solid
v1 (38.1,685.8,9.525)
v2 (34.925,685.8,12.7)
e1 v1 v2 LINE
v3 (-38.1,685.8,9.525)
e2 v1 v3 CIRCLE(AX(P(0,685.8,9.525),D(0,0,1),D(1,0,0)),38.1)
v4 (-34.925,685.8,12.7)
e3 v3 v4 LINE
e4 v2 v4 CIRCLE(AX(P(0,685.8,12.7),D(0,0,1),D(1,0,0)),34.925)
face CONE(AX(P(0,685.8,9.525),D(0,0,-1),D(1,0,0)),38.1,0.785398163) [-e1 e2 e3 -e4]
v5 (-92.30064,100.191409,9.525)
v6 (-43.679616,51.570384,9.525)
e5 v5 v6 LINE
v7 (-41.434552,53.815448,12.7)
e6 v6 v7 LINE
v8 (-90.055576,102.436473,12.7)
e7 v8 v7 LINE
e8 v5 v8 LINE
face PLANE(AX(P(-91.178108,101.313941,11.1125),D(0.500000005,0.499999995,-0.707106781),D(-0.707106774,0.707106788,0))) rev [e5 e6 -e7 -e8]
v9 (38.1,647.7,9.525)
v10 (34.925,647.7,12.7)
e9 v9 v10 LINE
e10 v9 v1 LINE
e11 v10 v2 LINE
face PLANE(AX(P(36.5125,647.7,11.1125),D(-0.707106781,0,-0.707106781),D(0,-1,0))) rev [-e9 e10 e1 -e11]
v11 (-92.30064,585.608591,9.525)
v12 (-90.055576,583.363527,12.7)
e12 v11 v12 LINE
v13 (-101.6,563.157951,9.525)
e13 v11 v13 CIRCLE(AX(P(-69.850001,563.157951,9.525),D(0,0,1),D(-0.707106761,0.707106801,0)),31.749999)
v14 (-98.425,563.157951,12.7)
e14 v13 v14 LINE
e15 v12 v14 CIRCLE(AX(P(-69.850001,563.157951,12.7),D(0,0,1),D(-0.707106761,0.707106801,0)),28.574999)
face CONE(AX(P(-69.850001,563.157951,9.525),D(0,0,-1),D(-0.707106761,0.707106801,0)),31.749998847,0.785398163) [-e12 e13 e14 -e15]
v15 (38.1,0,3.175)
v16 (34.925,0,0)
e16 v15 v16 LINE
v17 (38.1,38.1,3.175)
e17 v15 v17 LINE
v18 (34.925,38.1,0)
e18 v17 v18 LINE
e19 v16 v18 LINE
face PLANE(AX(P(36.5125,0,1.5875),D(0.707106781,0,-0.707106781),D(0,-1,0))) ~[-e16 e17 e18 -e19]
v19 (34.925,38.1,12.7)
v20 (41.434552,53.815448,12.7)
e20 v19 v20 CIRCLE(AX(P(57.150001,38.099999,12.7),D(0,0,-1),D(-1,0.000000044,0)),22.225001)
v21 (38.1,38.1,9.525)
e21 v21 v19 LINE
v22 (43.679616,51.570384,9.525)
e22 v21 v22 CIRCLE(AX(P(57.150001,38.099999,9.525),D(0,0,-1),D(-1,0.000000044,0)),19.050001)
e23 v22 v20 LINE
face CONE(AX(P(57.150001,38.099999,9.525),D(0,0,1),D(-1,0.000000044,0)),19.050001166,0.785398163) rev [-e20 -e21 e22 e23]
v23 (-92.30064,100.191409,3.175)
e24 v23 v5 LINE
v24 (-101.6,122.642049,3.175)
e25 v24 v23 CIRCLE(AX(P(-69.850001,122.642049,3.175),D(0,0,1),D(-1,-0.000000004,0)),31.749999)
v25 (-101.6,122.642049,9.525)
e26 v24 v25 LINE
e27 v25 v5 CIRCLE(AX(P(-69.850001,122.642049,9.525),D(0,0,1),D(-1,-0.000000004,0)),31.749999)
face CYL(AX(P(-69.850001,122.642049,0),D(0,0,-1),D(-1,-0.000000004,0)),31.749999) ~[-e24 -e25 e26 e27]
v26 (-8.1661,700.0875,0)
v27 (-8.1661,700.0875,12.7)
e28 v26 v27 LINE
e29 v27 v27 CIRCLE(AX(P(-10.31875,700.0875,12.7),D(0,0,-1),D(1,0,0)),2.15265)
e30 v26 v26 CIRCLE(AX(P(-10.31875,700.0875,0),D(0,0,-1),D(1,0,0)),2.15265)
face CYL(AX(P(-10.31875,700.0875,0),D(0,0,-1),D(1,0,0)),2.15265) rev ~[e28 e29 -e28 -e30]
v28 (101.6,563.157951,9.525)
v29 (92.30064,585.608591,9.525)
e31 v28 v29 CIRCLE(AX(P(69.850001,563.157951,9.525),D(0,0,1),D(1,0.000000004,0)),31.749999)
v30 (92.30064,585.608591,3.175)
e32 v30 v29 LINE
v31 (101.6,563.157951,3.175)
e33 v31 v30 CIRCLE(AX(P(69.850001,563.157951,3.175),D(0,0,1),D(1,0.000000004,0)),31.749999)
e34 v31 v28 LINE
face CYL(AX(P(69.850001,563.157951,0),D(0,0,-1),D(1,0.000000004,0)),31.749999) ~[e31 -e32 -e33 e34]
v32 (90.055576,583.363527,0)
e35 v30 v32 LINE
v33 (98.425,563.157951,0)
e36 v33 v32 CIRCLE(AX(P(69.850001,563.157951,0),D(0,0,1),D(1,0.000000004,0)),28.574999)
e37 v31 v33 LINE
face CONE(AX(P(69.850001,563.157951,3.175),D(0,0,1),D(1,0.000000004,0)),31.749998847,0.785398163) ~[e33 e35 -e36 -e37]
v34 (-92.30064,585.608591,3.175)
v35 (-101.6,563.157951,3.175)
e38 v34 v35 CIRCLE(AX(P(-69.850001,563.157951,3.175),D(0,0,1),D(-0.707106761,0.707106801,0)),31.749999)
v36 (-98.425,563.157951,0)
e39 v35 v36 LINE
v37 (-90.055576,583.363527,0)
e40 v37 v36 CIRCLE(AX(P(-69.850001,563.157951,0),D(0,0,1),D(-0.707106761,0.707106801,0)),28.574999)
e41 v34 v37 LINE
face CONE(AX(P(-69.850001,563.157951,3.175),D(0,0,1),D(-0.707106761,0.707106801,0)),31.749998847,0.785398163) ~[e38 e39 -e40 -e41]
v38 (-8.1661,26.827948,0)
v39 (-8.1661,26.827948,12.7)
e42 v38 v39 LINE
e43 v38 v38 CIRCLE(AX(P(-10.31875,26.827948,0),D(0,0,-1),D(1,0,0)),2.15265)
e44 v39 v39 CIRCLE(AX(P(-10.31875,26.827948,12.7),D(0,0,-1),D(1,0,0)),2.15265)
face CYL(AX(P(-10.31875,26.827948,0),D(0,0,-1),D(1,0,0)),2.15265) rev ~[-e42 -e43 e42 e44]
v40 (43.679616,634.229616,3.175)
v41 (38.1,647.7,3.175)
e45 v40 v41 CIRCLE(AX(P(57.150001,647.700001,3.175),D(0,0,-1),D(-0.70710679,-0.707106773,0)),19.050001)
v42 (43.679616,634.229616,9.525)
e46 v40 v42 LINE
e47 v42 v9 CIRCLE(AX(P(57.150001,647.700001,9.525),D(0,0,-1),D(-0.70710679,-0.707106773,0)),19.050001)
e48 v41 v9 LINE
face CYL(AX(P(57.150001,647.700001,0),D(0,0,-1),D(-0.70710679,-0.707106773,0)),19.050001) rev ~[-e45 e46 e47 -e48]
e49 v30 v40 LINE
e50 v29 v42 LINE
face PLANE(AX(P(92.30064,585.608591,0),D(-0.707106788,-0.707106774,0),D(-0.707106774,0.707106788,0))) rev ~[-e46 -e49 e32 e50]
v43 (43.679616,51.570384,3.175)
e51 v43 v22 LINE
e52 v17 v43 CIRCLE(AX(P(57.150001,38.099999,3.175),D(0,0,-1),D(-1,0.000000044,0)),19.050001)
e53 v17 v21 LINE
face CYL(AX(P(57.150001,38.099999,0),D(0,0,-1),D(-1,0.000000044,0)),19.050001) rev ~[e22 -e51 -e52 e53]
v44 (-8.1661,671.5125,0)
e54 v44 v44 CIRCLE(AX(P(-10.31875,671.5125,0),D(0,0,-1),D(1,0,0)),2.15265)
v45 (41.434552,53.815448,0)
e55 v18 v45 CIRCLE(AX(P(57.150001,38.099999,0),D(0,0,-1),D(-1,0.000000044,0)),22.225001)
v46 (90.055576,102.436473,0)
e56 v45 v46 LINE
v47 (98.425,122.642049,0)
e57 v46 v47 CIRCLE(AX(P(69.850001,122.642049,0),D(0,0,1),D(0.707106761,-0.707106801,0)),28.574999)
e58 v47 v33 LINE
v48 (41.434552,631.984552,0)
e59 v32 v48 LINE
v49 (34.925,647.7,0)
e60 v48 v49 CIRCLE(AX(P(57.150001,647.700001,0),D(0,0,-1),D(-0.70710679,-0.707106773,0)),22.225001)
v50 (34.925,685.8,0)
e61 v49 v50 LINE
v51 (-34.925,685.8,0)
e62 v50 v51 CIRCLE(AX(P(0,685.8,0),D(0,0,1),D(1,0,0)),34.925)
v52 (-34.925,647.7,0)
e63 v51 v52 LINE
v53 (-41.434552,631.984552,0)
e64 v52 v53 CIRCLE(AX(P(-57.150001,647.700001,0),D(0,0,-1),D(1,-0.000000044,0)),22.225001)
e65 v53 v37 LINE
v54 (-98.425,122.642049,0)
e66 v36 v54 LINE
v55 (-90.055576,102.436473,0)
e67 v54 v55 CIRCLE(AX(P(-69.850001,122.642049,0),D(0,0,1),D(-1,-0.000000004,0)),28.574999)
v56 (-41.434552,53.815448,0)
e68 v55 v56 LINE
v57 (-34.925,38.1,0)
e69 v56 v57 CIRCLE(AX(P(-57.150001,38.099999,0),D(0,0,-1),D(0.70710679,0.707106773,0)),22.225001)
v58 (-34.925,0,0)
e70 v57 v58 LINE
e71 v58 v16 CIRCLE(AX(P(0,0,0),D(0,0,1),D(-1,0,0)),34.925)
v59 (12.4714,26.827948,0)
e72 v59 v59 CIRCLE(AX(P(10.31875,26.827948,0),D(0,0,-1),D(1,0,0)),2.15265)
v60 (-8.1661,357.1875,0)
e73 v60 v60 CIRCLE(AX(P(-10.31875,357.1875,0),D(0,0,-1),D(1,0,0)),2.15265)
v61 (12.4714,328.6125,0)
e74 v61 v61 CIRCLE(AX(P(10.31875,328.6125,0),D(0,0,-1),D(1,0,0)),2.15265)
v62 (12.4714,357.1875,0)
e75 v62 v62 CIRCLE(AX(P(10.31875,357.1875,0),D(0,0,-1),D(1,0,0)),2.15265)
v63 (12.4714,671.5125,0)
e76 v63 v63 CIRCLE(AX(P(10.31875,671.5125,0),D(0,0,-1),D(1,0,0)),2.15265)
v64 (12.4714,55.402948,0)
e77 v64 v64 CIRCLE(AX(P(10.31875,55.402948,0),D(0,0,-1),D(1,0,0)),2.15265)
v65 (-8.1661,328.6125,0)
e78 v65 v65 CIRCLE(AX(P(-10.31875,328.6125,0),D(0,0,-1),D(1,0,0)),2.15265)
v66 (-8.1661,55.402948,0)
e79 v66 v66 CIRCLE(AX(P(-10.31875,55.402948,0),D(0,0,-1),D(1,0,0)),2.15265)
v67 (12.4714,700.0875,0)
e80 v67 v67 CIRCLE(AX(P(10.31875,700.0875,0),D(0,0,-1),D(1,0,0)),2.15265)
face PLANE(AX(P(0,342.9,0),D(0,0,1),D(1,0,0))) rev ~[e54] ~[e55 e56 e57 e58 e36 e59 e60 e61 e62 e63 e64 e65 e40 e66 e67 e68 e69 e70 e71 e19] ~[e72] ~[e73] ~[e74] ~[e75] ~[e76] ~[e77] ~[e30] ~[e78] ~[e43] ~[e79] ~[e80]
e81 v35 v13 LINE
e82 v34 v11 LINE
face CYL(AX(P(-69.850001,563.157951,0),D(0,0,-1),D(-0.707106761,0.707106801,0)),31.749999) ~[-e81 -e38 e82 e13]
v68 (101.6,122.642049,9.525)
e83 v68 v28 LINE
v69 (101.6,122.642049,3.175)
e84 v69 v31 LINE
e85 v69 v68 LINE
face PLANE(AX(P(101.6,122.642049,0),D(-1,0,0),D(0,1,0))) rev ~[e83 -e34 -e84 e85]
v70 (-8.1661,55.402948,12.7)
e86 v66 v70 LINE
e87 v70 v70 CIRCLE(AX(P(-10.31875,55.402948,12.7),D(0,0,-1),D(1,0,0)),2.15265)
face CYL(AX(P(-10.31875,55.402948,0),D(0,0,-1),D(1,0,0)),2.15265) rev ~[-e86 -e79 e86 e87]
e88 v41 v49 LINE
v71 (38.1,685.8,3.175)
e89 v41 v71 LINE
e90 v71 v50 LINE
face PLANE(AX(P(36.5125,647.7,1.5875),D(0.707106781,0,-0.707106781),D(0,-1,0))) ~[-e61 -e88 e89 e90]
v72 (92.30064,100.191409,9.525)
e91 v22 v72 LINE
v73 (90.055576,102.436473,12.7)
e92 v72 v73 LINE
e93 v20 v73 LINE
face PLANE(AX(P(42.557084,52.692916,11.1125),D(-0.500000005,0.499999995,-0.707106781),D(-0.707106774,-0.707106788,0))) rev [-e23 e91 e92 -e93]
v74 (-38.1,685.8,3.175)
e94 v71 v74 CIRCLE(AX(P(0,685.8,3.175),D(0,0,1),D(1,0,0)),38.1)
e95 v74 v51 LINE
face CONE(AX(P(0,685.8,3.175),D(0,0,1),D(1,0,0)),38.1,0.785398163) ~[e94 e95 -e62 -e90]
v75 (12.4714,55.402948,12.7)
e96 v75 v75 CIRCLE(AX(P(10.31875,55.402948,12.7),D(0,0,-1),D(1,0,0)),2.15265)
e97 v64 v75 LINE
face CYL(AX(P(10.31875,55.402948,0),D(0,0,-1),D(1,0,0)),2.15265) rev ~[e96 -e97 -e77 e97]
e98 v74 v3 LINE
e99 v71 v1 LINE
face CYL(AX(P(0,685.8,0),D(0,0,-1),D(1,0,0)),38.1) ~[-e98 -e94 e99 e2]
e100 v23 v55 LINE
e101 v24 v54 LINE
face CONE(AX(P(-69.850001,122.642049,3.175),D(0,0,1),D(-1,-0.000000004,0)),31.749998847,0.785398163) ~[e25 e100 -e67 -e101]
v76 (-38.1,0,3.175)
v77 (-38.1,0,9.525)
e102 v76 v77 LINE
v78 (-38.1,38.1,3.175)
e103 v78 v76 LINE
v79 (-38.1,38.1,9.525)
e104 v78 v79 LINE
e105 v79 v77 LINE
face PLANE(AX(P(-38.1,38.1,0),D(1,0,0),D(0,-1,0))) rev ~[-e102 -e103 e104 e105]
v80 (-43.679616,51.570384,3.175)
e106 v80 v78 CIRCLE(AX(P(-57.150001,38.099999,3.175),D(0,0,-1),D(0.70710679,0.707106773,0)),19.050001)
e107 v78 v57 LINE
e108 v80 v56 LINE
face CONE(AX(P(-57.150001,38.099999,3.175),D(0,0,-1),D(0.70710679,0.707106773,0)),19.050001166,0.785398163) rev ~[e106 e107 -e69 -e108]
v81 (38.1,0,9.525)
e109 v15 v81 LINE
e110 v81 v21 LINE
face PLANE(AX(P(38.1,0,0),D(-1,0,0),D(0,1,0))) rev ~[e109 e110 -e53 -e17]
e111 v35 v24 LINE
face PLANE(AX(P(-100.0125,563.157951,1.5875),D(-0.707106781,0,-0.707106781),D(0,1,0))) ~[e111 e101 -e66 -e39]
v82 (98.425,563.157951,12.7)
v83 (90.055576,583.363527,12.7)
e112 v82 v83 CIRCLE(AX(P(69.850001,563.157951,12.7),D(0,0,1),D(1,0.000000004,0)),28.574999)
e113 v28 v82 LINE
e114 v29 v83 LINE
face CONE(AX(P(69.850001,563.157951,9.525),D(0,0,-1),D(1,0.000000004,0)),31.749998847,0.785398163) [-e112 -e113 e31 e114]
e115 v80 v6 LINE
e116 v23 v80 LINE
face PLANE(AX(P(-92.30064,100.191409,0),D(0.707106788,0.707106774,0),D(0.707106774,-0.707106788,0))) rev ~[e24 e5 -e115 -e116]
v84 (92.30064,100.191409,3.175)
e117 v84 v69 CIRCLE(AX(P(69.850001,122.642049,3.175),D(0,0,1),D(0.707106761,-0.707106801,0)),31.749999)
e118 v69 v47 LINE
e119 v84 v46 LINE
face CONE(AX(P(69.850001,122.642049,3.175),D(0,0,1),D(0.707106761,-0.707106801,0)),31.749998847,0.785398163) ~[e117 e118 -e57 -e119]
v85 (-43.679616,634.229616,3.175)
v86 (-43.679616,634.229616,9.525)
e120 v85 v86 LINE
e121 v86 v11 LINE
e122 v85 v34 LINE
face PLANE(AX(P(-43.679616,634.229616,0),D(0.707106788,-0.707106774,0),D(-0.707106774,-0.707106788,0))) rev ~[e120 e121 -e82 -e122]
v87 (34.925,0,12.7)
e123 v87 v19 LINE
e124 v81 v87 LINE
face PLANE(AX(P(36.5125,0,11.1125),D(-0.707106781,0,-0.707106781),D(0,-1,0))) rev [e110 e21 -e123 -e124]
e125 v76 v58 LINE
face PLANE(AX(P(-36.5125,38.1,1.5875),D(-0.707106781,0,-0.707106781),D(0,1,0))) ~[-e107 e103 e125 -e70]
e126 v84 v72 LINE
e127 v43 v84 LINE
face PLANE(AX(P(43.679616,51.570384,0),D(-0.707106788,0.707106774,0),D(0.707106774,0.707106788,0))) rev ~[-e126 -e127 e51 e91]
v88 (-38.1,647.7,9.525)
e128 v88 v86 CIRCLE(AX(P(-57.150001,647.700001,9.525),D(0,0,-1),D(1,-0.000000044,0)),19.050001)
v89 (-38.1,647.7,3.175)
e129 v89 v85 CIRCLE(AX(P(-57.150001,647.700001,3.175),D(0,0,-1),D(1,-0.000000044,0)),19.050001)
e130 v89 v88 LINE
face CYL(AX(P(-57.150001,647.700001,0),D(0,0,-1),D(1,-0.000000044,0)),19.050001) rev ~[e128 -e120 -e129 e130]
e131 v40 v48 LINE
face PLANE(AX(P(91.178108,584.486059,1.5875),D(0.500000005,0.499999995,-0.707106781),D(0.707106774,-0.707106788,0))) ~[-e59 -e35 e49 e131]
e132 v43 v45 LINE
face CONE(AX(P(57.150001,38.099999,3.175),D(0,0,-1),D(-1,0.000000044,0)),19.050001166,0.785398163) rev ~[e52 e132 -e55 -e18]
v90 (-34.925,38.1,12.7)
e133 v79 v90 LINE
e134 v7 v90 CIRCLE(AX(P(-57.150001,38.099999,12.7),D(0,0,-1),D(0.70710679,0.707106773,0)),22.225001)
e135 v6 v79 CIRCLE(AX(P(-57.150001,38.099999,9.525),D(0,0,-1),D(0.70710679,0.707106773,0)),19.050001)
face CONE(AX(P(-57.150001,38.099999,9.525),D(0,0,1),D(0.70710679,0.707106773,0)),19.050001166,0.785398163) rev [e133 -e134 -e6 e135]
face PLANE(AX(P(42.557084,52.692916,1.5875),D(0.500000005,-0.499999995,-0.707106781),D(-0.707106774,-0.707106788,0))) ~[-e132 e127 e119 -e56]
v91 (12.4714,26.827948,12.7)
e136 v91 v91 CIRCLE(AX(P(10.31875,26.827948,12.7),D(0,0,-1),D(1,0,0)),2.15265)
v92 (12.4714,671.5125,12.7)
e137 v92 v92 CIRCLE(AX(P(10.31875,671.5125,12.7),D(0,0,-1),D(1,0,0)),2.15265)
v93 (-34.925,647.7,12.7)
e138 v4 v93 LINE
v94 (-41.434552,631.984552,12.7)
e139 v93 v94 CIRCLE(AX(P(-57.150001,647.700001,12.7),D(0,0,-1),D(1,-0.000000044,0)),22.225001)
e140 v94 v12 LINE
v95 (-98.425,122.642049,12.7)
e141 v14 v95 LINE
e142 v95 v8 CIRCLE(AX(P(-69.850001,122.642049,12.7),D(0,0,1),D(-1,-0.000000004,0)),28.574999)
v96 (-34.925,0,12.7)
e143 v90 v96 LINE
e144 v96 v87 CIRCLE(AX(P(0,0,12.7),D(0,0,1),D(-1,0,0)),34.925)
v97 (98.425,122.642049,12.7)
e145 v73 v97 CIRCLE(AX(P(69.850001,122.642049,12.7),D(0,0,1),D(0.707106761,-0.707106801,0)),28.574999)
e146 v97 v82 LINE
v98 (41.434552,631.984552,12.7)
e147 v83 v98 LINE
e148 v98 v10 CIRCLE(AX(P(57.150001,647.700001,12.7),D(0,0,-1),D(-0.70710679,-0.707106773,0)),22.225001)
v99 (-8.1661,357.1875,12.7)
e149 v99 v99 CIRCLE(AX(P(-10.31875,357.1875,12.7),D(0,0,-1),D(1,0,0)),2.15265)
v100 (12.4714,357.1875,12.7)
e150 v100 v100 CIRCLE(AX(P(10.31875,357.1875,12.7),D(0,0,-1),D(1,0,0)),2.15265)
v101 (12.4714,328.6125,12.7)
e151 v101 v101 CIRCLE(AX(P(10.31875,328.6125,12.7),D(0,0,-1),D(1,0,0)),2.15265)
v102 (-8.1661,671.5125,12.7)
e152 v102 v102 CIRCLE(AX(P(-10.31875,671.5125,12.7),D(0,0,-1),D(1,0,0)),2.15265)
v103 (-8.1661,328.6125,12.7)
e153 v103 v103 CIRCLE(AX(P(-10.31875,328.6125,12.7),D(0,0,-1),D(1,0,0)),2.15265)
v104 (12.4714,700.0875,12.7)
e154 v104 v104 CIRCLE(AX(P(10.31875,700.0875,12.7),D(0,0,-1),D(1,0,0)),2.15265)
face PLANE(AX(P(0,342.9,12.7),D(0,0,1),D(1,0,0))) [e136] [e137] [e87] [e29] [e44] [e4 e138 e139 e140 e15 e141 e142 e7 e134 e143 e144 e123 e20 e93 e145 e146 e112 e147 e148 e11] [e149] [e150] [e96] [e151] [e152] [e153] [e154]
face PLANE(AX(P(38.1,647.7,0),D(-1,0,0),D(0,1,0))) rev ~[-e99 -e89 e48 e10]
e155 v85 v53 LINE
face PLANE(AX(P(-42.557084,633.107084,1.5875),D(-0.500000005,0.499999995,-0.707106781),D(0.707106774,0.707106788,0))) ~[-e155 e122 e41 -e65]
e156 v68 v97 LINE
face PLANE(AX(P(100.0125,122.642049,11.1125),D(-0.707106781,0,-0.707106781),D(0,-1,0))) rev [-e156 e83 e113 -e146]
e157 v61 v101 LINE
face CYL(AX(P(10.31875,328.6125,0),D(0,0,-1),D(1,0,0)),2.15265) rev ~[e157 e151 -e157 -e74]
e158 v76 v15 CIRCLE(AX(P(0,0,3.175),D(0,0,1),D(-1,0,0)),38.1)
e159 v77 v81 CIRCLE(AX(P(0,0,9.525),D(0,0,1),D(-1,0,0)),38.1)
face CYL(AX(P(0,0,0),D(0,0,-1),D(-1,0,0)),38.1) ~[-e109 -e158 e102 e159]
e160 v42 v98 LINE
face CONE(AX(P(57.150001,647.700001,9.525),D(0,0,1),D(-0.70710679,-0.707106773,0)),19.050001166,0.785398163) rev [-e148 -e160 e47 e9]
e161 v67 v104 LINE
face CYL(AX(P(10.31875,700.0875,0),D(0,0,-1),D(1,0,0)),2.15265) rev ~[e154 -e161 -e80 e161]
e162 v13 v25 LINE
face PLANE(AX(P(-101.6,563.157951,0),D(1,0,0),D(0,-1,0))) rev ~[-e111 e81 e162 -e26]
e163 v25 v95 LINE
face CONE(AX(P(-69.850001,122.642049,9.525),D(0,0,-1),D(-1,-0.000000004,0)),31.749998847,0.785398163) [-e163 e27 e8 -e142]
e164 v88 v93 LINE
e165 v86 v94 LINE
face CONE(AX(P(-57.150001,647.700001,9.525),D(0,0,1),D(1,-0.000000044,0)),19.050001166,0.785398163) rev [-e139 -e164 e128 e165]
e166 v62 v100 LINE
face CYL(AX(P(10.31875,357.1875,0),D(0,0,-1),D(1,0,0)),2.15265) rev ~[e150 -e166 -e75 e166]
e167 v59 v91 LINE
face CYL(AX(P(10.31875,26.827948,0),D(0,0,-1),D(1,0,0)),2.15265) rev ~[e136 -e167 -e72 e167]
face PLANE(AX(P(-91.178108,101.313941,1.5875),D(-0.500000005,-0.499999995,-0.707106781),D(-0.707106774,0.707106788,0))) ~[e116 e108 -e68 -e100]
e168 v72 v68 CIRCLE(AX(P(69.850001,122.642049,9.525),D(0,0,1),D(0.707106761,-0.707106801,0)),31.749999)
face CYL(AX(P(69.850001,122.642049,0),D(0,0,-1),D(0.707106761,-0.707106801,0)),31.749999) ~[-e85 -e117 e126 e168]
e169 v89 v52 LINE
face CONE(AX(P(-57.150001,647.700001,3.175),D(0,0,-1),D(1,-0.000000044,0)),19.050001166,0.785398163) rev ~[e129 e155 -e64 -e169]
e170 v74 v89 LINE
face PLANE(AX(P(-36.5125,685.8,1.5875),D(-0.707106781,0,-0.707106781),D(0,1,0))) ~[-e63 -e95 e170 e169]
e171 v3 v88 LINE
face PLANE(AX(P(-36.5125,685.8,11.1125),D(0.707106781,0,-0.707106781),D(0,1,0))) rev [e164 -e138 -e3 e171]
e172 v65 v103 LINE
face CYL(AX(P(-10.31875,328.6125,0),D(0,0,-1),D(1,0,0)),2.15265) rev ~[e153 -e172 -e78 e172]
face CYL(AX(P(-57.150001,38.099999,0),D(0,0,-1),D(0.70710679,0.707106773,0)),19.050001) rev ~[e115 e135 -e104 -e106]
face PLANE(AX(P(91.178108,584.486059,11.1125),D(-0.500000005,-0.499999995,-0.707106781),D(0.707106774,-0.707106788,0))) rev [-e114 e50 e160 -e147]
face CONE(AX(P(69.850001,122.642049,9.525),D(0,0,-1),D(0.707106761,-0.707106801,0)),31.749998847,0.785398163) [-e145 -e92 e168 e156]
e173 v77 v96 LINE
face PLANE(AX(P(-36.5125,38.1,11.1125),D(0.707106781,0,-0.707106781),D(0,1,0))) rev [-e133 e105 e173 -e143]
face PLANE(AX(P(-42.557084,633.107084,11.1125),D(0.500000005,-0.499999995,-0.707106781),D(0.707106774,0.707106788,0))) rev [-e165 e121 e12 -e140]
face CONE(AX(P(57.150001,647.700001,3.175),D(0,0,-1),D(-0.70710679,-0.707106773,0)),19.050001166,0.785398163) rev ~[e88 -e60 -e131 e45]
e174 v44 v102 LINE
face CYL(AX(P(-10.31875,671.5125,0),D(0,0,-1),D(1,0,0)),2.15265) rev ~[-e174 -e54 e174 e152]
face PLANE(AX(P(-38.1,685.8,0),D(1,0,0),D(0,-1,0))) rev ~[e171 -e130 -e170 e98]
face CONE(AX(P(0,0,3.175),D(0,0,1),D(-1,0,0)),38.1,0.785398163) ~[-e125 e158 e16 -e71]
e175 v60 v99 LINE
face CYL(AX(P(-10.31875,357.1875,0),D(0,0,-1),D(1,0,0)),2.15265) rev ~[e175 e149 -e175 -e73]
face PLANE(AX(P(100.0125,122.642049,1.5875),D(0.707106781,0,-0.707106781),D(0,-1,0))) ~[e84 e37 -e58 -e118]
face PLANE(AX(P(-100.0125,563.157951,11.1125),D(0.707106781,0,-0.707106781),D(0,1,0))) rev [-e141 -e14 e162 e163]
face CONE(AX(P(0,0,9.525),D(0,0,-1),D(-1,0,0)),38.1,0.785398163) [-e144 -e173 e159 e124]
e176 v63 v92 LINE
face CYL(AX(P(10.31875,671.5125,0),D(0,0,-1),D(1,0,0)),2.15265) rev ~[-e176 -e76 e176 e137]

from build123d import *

# Parameters (mm, degrees)
F1_DEPTH = 12.7
F2_SIZE  = 3.175
F3_R     = 2.15265
F4_DEPTH = 12.7


with BuildPart() as f1:
    # F0 (on Top) → F1 (new body)
    with BuildSketch(Plane.XY):
        with BuildLine():
            Line((-38.1, 38.1), (-38.1, 0))
            ThreePointArc((-38.1, 0), (0, -38.1), (38.1, 0))
            Line((38.1, 0), (38.1, 38.1))
            ThreePointArc((38.1, 38.1), (39.550095, 45.390119), (43.679616, 51.570384))
            Line((43.679616, 51.570384), (92.30064, 100.191409))
            ThreePointArc((92.30064, 100.191409), (99.183175, 110.49185), (101.6, 122.642049))
            Line((101.6, 122.642049), (101.6, 563.157951))
            ThreePointArc((101.6, 563.157951), (99.183175, 575.30815), (92.30064, 585.608591))
            Line((92.30064, 585.608591), (43.679616, 634.229616))
            ThreePointArc((43.679616, 634.229616), (39.550095, 640.409881), (38.1, 647.7))
            Line((38.1, 647.7), (38.1, 685.8))
            ThreePointArc((38.1, 685.8), (0, 723.9), (-38.1, 685.8))
            Line((-38.1, 685.8), (-38.1, 647.7))
            ThreePointArc((-38.1, 647.7), (-39.550095, 640.409881), (-43.679616, 634.229616))
            Line((-43.679616, 634.229616), (-92.30064, 585.608591))
            ThreePointArc((-92.30064, 585.608591), (-99.183175, 575.30815), (-101.6, 563.157951))
            Line((-101.6, 563.157951), (-101.6, 122.642049))
            ThreePointArc((-101.6, 122.642049), (-99.183175, 110.49185), (-92.30064, 100.191409))
            Line((-92.30064, 100.191409), (-43.679616, 51.570384))
            ThreePointArc((-43.679616, 51.570384), (-39.550095, 45.390119), (-38.1, 38.1))
        make_face()
    extrude(amount=F1_DEPTH)

    # F2
    f2_edges = [f1.edges().sort_by_distance(p)[0] for p in [
        (-39.550095, 45.390119, 0),
        (-38.1, 19.05, 0),
        (0, -38.1, 0),
        (38.1, 19.05, 0),
        (39.550095, 45.390119, 0),
        (67.990128, 75.880896, 0),
        (99.183175, 110.49185, 0),
        (101.6, 342.9, 0),
        (99.183175, 575.30815, 0),
        (67.990128, 609.919104, 0),
        (39.550095, 640.409881, 0),
        (38.1, 666.75, 0),
        (0, 723.9, 0),
        (-38.1, 666.75, 0),
        (-39.550095, 640.409881, 0),
        (-67.990128, 609.919104, 0),
        (-99.183175, 575.30815, 0),
        (-101.6, 342.9, 0),
        (-99.183175, 110.49185, 0),
        (-67.990128, 75.880896, 0),
        (-39.550095, 45.390119, 12.7),
        (-38.1, 19.05, 12.7),
        (0, -38.1, 12.7),
        (38.1, 19.05, 12.7),
        (39.550095, 45.390119, 12.7),
        (67.990128, 75.880896, 12.7),
        (99.183175, 110.49185, 12.7),
        (101.6, 342.9, 12.7),
        (99.183175, 575.30815, 12.7),
        (67.990128, 609.919104, 12.7),
        (39.550095, 640.409881, 12.7),
        (38.1, 666.75, 12.7),
        (0, 723.9, 12.7),
        (-38.1, 666.75, 12.7),
        (-39.550095, 640.409881, 12.7),
        (-67.990128, 609.919104, 12.7),
        (-99.183175, 575.30815, 12.7),
        (-101.6, 342.9, 12.7),
        (-99.183175, 110.49185, 12.7),
        (-67.990128, 75.880896, 12.7),
    ]]
    chamfer(f2_edges, length=F2_SIZE)

    # F3 (on face) → F4 (cut, through all)
    with BuildSketch(Plane(origin=(0, 0, 0), x_dir=(1, 0, 0), z_dir=(0, 0, -1))):
        with Locations((10.31875, -700.0875)):
            Circle(F3_R)
        with Locations((10.31875, -671.5125)):
            Circle(F3_R)
        with Locations((-10.31875, -671.5125)):
            Circle(F3_R)
        with Locations((-10.31875, -700.0875)):
            Circle(F3_R)
        with Locations((10.31875, -55.402948)):
            Circle(F3_R)
        with Locations((10.31875, -26.827948)):
            Circle(F3_R)
        with Locations((-10.31875, -55.402948)):
            Circle(F3_R)
        with Locations((-10.31875, -26.827948)):
            Circle(F3_R)
        with Locations((10.31875, -357.1875)):
            Circle(F3_R)
        with Locations((10.31875, -328.6125)):
            Circle(F3_R)
        with Locations((-10.31875, -328.6125)):
            Circle(F3_R)
        with Locations((-10.31875, -357.1875)):
            Circle(F3_R)
    extrude(amount=-F4_DEPTH, mode=Mode.SUBTRACT)


solid = f1.part
